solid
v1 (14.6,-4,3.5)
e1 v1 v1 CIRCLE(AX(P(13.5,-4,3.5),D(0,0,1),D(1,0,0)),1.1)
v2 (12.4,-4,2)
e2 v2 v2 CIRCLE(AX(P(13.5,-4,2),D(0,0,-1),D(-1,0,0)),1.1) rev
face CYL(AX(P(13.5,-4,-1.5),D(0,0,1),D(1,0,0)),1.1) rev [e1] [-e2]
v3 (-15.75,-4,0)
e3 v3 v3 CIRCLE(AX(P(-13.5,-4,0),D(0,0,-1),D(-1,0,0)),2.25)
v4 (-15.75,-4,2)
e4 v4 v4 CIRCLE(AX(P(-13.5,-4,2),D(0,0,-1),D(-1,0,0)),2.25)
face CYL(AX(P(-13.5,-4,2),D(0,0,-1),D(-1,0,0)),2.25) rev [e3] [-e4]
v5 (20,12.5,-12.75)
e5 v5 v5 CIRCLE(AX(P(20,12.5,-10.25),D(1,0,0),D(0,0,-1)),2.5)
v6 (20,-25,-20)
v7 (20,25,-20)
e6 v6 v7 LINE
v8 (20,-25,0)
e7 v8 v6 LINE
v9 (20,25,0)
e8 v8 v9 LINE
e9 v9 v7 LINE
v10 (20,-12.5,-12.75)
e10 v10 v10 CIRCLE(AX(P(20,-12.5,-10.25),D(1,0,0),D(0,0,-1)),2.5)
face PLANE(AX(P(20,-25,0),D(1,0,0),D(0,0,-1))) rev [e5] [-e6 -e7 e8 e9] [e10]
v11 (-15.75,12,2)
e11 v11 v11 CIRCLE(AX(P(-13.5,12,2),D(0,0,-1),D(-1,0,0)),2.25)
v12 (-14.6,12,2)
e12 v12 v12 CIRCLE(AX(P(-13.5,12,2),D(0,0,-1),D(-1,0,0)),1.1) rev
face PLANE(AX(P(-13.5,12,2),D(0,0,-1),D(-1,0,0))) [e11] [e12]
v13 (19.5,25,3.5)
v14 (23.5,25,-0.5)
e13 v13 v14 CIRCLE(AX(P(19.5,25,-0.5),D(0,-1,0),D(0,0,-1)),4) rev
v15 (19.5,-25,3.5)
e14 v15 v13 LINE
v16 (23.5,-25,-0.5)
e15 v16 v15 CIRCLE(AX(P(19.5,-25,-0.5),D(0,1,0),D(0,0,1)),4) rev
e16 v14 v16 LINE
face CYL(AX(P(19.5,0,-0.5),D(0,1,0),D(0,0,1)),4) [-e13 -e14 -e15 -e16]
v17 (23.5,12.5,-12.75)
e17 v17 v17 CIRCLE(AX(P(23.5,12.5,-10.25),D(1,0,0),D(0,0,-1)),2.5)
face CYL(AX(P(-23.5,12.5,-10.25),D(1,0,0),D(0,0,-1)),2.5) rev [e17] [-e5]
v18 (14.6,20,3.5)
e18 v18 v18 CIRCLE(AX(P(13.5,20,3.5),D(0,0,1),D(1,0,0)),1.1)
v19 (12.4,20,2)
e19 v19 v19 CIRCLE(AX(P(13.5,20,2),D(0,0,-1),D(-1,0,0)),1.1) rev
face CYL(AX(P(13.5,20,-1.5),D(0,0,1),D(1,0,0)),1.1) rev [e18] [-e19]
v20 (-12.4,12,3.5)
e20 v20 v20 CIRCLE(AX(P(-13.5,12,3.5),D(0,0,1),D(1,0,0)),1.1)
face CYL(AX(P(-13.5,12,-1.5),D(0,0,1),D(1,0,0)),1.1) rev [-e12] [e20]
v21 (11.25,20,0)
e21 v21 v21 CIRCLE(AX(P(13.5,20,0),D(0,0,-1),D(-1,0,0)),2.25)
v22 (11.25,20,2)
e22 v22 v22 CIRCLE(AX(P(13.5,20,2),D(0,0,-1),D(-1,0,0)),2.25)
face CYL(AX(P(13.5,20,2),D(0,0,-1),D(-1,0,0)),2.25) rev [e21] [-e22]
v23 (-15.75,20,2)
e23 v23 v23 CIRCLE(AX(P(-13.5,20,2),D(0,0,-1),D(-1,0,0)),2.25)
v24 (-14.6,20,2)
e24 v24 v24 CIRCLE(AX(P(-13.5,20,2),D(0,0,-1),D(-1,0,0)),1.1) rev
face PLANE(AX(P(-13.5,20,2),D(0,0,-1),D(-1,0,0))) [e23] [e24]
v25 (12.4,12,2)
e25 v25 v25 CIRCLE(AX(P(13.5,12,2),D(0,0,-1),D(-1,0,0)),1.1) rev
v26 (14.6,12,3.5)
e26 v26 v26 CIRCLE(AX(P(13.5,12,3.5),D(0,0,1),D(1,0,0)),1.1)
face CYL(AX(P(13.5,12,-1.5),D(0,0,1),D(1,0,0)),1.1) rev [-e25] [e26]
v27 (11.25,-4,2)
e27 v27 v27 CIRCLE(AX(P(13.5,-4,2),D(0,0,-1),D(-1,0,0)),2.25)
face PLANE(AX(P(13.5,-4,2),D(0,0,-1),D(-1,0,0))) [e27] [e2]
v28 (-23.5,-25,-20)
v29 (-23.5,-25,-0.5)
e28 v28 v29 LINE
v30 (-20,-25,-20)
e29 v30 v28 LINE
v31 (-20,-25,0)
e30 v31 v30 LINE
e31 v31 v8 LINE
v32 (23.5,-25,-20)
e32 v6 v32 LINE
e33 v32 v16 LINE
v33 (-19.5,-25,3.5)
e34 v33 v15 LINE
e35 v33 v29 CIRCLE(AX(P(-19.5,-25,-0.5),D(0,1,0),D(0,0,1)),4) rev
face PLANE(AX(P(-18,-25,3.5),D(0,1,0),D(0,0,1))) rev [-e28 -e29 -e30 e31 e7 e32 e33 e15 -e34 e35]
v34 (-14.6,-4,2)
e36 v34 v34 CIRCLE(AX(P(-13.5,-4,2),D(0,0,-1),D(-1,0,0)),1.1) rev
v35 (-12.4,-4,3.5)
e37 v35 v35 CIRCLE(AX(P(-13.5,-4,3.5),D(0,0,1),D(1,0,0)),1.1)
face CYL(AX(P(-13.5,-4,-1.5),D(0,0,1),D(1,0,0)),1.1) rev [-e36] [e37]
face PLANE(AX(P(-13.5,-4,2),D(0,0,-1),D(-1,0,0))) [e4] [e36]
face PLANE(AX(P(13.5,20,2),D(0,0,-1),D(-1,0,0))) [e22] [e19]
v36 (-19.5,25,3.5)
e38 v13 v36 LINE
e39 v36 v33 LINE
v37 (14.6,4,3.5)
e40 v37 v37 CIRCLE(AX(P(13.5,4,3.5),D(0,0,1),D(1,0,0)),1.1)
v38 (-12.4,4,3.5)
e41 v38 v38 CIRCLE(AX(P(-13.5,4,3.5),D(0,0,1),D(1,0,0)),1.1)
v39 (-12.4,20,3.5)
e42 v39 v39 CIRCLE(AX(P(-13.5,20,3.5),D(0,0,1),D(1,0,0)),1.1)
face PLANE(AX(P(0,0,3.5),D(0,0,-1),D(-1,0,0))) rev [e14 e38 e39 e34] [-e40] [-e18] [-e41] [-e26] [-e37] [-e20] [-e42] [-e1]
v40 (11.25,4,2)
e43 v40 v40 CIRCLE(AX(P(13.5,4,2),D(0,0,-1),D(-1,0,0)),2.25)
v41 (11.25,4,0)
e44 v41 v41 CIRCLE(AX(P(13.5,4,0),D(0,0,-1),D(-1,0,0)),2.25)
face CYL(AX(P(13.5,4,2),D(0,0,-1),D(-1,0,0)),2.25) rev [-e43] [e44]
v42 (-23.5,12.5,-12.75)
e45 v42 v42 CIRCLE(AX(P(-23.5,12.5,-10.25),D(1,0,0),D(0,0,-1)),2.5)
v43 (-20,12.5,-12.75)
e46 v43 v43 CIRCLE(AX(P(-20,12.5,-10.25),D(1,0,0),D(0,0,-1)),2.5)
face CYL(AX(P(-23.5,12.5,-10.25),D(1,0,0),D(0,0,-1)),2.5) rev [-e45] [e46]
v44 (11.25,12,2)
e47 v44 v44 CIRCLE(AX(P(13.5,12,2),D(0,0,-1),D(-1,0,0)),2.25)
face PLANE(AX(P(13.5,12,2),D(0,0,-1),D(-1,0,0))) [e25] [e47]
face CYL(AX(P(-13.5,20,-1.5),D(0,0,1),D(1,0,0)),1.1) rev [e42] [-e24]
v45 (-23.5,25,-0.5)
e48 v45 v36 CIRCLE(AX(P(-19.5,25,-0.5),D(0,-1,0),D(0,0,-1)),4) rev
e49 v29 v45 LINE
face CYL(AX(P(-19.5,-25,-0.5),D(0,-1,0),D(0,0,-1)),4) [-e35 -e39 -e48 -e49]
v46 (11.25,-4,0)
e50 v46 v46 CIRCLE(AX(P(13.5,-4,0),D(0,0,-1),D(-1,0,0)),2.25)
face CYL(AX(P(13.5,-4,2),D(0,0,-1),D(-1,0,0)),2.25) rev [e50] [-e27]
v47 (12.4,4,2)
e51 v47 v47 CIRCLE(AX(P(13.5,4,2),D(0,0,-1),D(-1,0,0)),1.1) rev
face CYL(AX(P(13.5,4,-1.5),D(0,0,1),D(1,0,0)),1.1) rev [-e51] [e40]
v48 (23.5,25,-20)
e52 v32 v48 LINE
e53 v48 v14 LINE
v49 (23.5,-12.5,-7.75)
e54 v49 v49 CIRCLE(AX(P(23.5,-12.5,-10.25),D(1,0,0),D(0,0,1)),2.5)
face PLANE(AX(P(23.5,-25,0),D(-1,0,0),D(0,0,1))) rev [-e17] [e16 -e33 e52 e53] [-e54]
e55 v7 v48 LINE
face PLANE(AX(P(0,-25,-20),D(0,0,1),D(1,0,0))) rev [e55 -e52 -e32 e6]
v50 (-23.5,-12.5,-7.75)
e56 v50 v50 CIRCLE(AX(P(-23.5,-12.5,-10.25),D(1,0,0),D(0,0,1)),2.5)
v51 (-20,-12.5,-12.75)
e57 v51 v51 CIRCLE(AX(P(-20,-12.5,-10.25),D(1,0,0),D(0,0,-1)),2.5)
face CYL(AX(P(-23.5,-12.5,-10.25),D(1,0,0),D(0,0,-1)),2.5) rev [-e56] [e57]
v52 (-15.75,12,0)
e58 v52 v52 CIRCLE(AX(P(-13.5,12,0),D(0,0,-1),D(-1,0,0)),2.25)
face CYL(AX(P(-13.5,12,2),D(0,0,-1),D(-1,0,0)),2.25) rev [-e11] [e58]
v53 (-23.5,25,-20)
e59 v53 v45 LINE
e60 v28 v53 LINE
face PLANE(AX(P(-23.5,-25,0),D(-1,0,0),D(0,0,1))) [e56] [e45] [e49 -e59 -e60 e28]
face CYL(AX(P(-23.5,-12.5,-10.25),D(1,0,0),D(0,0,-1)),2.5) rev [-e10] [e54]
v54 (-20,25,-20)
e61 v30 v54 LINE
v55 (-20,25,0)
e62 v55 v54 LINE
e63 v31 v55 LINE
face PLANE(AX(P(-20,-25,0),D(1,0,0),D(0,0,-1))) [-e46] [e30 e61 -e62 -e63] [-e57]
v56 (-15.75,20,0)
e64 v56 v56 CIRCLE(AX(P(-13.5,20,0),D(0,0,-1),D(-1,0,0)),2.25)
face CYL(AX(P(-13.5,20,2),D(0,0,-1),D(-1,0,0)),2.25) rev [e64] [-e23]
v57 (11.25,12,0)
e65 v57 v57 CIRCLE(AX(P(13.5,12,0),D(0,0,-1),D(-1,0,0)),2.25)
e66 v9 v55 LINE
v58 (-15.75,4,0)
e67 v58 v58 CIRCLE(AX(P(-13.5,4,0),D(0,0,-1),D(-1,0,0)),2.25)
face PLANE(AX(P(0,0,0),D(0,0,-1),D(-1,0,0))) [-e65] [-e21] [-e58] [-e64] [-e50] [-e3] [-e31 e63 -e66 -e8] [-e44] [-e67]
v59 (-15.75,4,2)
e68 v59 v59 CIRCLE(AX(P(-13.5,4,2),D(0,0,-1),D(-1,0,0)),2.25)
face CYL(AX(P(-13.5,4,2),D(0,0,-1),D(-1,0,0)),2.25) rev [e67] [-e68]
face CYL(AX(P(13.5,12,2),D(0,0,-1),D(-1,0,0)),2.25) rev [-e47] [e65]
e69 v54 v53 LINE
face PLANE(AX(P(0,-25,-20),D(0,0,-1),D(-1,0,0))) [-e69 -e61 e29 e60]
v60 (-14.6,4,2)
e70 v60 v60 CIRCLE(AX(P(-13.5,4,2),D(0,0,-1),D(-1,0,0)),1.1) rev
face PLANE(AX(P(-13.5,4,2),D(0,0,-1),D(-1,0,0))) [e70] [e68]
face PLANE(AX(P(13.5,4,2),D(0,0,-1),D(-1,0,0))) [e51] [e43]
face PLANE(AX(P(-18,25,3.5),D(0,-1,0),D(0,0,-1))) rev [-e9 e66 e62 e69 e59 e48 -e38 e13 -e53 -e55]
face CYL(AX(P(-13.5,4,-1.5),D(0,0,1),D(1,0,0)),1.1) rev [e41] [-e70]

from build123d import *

# Parameters (mm, degrees)
CROQUIS1_W              = 36
CROQUIS1_H              = 50
SALIENTE_EXTRUIR1_DEPTH = 3.5
CROQUIS2_R              = 1.1
CORTAR_EXTRUIR2_DEPTH   = 5
CROQUIS5_W              = 3.5
CROQUIS5_H              = 20
CROQUIS5_W_2            = 5.5
CROQUIS5_H_2            = 3.5
SALIENTE_EXTRUIR3_DEPTH = 50
REDONDEO1_R             = 4
CROQUIS6_R              = 2.25
CORTAR_EXTRUIR3_DEPTH   = 2
CROQUIS8_R              = 2.5
CORTAR_EXTRUIR4_DEPTH   = 57.868268832


with BuildPart() as part:
    # Croquis1 → Saliente-Extruir1 (new body)
    with BuildSketch(Plane.XY):
        Rectangle(CROQUIS1_W, CROQUIS1_H)
    extrude(amount=SALIENTE_EXTRUIR1_DEPTH)

    # Croquis2 → Cortar-Extruir2 (cut)
    with BuildSketch(Plane.XY.offset(3.5)):
        with Locations((-13.5, 20)):
            Circle(CROQUIS2_R)
        with Locations((13.5, 20)):
            Circle(CROQUIS2_R)
        with Locations((13.5, 12)):
            Circle(CROQUIS2_R)
        with Locations((13.5, 4)):
            Circle(CROQUIS2_R)
        with Locations((13.5, -4)):
            Circle(CROQUIS2_R)
        with Locations((-13.5, 12)):
            Circle(CROQUIS2_R)
        with Locations((-13.5, 4)):
            Circle(CROQUIS2_R)
        with Locations((-13.5, -4)):
            Circle(CROQUIS2_R)
    extrude(amount=-CORTAR_EXTRUIR2_DEPTH, mode=Mode.SUBTRACT)

    # Croquis5 → Saliente-Extruir3 (add, through all)
    with BuildSketch(Plane(origin=(0, 25, 0), x_dir=(1, 0, 0), z_dir=(0, 1, 0))):
        Polygon((-18, 0), (-20, 0), (-23.5, 0), (-23.5, -3.5), (-18, -3.5), align=None)
        with Locations((-21.75, 10)):
            Rectangle(CROQUIS5_W, CROQUIS5_H)
        with Locations((20.75, -1.75)):
            Rectangle(CROQUIS5_W_2, CROQUIS5_H_2)
        with Locations((21.75, 10)):
            Rectangle(CROQUIS5_W, CROQUIS5_H)
    extrude(amount=-SALIENTE_EXTRUIR3_DEPTH)

    # Redondeo1
    redondeo1_edges = [part.edges().sort_by_distance(p)[0] for p in [
        (-23.5, 0, 3.5),
        (23.5, 0, 3.5),
    ]]
    fillet(redondeo1_edges, radius=REDONDEO1_R)

    # Croquis6 → Cortar-Extruir3 (cut)
    with BuildSketch(Plane(origin=(0, 0, 0), x_dir=(-1, 0, 0), z_dir=(0, 0, -1))):
        with Locations((-13.5, 20)):
            Circle(CROQUIS6_R)
        with Locations((13.5, 20)):
            Circle(CROQUIS6_R)
        with Locations((13.5, 12)):
            Circle(CROQUIS6_R)
        with Locations((13.5, 4)):
            Circle(CROQUIS6_R)
        with Locations((13.5, -4)):
            Circle(CROQUIS6_R)
        with Locations((-13.5, 12)):
            Circle(CROQUIS6_R)
        with Locations((-13.5, 4)):
            Circle(CROQUIS6_R)
        with Locations((-13.5, -4)):
            Circle(CROQUIS6_R)
    extrude(amount=-CORTAR_EXTRUIR3_DEPTH, mode=Mode.SUBTRACT)

    # Croquis8 → Cortar-Extruir4 (cut, through all)
    with BuildSketch(Plane(origin=(23.5, 0, 0), x_dir=(0, 0, -1), z_dir=(1, 0, 0))):
        with Locations((10.25, 12.5)):
            Circle(CROQUIS8_R)
        with Locations((10.25, -12.5)):
            Circle(CROQUIS8_R)
    extrude(amount=-CORTAR_EXTRUIR4_DEPTH, mode=Mode.SUBTRACT)


solid = part.part
